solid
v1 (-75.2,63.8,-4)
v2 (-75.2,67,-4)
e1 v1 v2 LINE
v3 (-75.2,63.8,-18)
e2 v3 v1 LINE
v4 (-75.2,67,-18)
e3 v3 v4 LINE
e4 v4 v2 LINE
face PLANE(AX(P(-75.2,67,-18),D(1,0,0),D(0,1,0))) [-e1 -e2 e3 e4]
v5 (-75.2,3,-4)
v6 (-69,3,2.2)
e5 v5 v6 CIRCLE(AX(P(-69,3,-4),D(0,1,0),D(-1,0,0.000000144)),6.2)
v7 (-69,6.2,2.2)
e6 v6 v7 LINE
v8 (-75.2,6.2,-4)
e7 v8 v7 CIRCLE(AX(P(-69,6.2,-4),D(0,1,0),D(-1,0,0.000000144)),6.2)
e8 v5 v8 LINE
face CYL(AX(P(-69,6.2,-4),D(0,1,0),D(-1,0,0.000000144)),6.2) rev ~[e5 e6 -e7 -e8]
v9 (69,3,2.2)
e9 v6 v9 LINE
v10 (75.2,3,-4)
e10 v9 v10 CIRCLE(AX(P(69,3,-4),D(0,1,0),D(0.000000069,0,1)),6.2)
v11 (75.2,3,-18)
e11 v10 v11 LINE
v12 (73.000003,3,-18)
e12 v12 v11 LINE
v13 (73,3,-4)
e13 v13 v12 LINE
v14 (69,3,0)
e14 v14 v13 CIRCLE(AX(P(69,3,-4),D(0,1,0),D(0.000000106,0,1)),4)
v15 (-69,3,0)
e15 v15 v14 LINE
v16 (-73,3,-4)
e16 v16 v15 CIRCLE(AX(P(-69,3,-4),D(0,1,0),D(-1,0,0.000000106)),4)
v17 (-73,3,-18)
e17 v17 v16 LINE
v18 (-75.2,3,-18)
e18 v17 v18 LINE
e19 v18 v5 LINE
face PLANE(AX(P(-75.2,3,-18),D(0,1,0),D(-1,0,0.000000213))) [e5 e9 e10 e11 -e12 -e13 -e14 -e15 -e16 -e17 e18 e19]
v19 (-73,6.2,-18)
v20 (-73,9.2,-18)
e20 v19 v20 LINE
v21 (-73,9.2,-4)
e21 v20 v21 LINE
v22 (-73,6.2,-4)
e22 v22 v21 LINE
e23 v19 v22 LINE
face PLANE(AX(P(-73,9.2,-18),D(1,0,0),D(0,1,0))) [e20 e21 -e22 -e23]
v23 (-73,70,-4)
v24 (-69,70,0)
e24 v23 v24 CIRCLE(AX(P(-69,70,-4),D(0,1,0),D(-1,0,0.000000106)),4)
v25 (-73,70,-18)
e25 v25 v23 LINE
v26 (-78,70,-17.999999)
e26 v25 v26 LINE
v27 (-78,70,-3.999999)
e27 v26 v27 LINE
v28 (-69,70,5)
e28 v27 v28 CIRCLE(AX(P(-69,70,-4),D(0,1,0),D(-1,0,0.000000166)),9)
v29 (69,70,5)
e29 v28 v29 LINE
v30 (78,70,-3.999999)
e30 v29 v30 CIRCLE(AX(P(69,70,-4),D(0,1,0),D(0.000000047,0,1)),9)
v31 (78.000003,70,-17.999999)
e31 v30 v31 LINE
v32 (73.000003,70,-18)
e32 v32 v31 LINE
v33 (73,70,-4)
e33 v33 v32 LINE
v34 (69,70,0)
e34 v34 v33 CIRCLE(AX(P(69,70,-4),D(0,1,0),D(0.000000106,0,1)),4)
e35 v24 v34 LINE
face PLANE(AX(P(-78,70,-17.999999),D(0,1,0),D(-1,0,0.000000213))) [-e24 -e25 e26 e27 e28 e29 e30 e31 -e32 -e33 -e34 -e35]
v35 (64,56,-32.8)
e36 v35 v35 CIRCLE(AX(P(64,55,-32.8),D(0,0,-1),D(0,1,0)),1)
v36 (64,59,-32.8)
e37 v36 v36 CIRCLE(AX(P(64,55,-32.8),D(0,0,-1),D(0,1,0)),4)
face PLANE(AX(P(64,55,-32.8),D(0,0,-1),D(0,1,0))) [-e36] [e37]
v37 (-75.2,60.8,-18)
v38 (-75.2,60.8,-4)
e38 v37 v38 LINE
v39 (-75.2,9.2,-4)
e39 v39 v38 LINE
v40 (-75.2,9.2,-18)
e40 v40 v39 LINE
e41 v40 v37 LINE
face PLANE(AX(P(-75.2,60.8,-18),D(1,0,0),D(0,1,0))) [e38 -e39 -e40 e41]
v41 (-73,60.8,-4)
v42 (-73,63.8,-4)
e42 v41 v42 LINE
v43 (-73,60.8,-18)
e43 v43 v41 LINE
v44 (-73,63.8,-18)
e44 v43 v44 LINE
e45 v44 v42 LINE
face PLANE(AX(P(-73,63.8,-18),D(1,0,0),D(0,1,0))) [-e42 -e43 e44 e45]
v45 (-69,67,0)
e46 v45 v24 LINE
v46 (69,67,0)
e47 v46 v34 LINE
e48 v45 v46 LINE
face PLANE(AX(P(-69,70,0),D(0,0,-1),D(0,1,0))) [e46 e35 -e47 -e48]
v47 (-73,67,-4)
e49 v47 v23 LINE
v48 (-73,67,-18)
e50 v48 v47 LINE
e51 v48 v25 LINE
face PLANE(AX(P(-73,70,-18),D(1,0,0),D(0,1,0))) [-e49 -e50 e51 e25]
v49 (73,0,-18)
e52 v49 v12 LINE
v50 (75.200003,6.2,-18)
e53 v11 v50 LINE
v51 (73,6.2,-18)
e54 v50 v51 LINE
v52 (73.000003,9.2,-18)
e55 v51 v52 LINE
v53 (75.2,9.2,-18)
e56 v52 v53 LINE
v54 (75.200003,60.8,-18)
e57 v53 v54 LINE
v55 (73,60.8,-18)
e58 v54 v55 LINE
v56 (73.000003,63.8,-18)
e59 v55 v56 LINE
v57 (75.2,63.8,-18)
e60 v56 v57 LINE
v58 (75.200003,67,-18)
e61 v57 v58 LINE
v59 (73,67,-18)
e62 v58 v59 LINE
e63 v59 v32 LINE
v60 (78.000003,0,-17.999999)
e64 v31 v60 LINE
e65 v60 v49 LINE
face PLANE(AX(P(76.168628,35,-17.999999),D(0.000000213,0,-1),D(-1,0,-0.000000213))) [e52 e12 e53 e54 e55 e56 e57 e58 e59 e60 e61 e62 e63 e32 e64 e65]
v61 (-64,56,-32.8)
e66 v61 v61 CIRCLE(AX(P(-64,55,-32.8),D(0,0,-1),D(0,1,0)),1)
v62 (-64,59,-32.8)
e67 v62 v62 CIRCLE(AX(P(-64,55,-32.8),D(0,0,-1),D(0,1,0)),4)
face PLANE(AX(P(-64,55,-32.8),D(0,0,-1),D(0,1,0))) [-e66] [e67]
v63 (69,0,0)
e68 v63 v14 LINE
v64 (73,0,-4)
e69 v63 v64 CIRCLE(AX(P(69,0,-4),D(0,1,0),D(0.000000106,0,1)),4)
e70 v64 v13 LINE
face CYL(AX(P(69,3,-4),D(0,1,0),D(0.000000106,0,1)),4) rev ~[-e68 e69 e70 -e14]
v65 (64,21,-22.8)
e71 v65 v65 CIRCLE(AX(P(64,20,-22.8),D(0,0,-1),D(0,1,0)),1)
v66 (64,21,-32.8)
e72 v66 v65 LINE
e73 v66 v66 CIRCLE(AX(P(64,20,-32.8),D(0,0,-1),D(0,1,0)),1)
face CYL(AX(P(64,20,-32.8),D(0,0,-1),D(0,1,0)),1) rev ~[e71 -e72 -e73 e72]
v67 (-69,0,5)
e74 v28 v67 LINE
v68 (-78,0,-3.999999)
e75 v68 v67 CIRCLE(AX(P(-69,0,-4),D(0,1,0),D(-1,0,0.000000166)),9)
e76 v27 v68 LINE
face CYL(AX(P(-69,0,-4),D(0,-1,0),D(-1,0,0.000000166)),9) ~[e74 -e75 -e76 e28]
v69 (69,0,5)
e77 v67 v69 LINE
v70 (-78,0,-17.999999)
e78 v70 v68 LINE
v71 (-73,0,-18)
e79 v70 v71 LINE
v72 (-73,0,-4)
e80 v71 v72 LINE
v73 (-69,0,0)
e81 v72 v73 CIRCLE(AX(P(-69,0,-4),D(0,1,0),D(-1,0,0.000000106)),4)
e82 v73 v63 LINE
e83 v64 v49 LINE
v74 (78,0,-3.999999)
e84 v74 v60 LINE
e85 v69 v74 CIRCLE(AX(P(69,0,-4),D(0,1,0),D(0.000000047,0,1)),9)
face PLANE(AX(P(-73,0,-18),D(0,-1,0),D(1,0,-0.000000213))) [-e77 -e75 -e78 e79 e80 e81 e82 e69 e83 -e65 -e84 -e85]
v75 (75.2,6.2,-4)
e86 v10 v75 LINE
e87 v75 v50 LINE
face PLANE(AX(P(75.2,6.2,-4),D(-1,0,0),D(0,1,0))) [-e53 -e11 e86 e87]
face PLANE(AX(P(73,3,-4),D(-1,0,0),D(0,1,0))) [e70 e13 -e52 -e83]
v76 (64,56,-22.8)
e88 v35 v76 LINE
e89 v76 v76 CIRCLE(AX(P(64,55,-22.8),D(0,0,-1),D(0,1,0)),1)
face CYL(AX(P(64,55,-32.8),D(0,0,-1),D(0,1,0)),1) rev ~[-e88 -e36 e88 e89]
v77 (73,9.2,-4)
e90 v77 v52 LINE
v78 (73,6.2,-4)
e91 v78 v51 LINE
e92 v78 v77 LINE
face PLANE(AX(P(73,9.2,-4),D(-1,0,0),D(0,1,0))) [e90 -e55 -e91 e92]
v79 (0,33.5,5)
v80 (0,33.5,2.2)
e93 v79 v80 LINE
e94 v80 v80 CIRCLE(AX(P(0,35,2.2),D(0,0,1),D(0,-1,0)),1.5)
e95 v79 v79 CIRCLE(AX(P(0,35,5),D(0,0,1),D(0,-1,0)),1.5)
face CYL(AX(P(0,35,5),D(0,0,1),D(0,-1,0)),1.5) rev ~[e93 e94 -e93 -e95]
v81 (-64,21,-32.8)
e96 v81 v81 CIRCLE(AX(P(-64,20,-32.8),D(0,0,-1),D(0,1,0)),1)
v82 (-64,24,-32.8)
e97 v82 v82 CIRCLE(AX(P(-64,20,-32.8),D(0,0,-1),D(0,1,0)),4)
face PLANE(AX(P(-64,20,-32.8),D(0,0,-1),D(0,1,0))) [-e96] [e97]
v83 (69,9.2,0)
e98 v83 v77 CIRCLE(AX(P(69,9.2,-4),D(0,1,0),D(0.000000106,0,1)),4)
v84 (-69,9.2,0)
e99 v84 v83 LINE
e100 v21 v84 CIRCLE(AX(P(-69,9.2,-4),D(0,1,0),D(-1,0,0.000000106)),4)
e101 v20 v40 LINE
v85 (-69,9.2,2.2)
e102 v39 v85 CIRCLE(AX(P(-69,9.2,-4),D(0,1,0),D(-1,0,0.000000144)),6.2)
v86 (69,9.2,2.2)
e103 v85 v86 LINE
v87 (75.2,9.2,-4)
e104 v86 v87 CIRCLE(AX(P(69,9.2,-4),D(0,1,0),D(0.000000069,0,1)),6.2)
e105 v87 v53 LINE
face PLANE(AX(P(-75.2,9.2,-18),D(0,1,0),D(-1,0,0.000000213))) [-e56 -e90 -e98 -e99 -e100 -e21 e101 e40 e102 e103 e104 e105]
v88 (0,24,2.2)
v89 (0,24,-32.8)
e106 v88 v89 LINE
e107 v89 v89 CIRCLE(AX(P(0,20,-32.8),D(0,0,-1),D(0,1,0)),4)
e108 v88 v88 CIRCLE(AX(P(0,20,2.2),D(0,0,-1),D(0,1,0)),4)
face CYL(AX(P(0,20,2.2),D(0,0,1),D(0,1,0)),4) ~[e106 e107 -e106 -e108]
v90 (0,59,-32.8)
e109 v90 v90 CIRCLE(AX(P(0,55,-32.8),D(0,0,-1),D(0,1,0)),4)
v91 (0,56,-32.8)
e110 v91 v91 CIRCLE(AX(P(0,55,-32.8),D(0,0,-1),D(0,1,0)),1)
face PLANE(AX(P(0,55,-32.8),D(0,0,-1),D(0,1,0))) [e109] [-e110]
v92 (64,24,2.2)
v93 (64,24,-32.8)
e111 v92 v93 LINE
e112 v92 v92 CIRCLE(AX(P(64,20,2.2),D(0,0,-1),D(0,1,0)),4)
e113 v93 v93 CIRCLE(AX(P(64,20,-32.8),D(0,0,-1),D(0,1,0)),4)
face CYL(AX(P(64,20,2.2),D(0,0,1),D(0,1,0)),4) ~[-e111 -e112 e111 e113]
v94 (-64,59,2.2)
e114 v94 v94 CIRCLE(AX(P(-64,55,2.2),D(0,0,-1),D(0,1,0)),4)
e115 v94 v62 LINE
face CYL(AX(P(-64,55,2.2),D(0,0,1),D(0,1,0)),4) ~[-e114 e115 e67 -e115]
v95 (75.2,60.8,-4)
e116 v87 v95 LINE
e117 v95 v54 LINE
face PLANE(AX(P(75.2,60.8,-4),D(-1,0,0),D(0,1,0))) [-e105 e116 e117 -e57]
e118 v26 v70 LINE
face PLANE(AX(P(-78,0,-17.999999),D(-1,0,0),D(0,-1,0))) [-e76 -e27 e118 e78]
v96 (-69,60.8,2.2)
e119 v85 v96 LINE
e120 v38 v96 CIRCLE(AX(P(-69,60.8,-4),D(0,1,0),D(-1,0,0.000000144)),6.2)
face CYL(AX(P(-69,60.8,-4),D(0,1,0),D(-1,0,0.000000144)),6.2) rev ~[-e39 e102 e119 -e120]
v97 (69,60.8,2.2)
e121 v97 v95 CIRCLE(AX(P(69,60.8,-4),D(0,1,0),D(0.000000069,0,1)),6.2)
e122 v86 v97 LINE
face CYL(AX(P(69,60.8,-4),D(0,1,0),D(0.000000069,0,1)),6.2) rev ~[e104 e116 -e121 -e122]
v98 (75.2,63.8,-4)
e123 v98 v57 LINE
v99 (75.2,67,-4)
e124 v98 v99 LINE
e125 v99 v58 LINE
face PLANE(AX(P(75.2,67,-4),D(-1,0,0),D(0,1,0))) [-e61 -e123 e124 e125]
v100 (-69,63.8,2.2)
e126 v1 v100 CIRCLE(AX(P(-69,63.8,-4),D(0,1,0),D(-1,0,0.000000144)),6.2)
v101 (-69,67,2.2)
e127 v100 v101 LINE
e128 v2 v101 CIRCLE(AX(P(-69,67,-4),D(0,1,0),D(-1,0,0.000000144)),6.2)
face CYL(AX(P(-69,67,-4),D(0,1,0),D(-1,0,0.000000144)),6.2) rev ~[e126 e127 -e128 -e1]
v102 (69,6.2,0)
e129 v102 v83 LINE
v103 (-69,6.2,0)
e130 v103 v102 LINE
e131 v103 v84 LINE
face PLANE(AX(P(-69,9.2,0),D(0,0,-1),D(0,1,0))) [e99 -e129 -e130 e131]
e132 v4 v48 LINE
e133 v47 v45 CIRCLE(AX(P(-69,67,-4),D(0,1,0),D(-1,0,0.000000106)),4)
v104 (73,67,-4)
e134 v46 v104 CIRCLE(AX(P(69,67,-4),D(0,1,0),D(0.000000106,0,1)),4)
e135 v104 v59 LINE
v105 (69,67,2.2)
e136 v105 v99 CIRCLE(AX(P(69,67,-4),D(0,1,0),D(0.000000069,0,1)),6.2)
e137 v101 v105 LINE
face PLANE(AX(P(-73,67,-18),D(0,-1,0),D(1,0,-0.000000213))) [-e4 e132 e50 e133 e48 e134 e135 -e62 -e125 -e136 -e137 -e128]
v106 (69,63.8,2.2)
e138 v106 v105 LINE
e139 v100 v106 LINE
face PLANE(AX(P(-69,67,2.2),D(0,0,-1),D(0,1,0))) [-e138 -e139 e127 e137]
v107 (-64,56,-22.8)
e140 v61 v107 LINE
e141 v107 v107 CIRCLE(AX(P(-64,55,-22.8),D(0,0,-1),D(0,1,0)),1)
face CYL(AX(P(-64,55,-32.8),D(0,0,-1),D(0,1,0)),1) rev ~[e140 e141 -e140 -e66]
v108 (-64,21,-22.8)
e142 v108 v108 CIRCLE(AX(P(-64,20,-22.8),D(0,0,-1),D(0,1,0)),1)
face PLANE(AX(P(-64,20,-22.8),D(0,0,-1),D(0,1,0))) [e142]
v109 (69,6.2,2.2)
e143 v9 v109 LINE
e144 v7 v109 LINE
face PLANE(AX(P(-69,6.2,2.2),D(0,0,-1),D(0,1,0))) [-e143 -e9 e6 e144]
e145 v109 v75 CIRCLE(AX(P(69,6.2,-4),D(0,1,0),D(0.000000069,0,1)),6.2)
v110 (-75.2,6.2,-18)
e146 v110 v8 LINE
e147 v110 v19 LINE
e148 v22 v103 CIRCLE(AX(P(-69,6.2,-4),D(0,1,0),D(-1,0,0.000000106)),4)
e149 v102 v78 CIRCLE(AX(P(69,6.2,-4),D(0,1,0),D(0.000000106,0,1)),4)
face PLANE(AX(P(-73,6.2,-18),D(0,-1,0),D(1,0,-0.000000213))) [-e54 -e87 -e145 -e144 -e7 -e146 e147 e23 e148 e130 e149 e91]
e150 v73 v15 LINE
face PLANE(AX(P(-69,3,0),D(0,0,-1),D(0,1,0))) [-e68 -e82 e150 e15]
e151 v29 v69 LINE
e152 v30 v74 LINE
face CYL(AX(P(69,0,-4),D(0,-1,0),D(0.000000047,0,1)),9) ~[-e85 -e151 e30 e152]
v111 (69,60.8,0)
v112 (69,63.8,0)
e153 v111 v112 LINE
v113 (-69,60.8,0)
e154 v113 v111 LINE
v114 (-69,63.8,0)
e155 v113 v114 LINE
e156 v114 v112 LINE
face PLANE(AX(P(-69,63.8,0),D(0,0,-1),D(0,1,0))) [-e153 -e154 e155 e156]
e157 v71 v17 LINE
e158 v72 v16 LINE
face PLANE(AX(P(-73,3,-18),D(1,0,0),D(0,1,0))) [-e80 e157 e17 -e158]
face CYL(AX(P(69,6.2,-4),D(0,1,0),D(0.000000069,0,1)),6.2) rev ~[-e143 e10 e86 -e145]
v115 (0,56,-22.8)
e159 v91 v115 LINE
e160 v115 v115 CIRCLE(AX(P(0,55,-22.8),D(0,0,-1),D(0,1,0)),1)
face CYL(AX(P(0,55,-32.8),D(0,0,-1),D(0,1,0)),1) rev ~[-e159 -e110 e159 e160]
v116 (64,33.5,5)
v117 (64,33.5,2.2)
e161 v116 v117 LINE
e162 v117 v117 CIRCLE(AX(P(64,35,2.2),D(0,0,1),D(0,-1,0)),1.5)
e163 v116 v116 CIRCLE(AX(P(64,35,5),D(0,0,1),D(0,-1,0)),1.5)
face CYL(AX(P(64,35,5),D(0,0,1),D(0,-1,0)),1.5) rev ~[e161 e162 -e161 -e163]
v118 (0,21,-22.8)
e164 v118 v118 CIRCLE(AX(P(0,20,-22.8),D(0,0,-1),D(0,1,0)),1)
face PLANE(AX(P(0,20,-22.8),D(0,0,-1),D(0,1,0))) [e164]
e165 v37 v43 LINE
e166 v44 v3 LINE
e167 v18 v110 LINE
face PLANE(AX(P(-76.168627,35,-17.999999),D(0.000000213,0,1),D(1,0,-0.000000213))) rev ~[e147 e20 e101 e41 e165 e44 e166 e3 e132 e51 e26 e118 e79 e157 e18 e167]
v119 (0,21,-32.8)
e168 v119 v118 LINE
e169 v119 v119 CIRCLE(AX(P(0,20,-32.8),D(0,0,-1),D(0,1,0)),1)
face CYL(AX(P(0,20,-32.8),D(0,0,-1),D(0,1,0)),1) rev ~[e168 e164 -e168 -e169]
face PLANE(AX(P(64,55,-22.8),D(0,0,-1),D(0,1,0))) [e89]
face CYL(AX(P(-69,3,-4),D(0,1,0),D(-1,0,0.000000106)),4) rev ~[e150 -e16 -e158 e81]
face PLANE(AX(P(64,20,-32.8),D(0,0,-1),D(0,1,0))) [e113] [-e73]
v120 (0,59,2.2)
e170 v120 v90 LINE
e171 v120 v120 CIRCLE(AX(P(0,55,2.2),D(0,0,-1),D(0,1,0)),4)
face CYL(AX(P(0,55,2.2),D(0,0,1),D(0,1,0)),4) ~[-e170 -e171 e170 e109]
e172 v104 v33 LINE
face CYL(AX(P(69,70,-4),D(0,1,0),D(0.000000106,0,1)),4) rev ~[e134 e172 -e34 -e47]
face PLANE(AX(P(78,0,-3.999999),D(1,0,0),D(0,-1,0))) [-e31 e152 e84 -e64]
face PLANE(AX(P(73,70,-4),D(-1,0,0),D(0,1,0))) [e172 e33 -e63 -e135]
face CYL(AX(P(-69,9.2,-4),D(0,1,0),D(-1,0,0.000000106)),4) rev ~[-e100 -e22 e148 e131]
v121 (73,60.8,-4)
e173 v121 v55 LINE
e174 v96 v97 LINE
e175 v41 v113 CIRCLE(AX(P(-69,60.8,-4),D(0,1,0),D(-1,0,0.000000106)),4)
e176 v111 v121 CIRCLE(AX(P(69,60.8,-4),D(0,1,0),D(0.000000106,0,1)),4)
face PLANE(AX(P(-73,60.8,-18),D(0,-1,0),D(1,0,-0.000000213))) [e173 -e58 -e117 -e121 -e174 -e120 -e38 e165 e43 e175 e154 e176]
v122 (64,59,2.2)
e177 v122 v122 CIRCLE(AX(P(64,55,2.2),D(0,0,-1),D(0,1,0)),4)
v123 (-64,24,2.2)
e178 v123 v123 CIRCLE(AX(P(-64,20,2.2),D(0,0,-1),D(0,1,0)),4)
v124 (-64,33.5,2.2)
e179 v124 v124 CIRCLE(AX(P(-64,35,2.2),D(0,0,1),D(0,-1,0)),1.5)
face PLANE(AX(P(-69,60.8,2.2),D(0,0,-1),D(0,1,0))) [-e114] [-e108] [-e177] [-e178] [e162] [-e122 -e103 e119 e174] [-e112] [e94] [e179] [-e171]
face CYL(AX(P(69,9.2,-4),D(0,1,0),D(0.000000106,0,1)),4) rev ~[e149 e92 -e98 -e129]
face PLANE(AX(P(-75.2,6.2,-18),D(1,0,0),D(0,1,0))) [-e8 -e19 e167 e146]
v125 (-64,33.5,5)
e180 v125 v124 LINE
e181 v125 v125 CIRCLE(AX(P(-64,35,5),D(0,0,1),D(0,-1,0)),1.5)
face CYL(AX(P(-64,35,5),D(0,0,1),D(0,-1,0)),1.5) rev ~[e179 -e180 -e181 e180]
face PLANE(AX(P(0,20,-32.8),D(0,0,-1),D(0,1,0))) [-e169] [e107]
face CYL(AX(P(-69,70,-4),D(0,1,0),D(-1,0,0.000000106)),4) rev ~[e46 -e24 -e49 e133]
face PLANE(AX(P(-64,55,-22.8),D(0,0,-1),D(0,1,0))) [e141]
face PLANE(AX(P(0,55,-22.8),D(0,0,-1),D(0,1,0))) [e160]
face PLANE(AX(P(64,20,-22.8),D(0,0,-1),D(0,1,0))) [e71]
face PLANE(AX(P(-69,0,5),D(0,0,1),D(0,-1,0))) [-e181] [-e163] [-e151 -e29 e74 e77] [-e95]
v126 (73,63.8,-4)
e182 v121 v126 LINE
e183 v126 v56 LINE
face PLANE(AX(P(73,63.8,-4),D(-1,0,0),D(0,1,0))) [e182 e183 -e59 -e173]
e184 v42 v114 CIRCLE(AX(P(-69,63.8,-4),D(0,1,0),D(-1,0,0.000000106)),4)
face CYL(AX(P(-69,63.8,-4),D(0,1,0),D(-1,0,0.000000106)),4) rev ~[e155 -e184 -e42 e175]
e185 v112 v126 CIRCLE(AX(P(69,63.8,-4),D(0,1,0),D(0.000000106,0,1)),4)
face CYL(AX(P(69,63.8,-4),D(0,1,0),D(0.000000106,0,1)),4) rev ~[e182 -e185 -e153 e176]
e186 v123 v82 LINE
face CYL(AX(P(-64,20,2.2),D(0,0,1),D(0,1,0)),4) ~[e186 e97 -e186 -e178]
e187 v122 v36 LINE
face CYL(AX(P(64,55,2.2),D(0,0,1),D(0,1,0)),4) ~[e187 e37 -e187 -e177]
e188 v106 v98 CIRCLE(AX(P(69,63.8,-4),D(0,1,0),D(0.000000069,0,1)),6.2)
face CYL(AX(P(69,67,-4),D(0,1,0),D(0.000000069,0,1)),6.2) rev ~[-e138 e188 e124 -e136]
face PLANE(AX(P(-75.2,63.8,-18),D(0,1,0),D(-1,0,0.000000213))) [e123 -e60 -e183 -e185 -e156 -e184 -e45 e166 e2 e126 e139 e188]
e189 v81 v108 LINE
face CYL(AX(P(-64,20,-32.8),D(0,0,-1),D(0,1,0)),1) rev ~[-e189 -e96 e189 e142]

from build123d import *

# Parameters (mm, degrees)
SKETCH002_R     = 1.5
POCKET_DEPTH    = 23.001
SKETCH003_R     = 4
PAD_DEPTH       = 35
SKETCH004_R     = 1
POCKET001_DEPTH = 10


with BuildPart() as part:
    # AdditivePipe: sweep along a path in Sketch001
    with BuildLine(Plane.XZ) as additivepipe_path:
        Line((-73, -18), (-73, -4))
        ThreePointArc((-73, -4), (-71.828427, -1.171573), (-69, 0))
        Line((-69, 0), (0, 0))
        Line((0, 0), (69, 0))
        ThreePointArc((69, 0), (71.828427, -1.171573), (73, -4))
        Line((73, -4), (73, -18))
    # Sketch → AdditivePipe (sweep)
    with BuildSketch(Plane.YZ):
        Polygon((0, 5), (70, 5), (70, 0), (67, 0), (67, 2.2), (63.8, 2.2), (63.8, 0), (60.8, 0), (60.8, 2.2), (9.2, 2.2), (9.2, 0), (6.2, 0), (6.2, 2.2), (3, 2.2), (3, 0), (0, 0), align=None)
    sweep(path=additivepipe_path.line)

    # Sketch002 (on Face35 of AdditivePipe) → Pocket (cut, through all)
    with BuildSketch(Plane(origin=(0, 0, 5), x_dir=(0, -1, 0), z_dir=(0, 0, 1))):
        with Locations((-35, -64)):
            Circle(SKETCH002_R)
        with Locations((-35, 64)):
            Circle(SKETCH002_R)
        with Locations((-35, 0)):
            Circle(SKETCH002_R)
    extrude(amount=-POCKET_DEPTH, mode=Mode.SUBTRACT)

    # Sketch003 (on Face43 of Pocket) → Pad (join)
    with BuildSketch(Plane.YX.offset(-2.2)):
        with Locations((20, 64)):
            Circle(SKETCH003_R)
        with Locations((55, 64)):
            Circle(SKETCH003_R)
        with Locations((20, 0)):
            Circle(SKETCH003_R)
        with Locations((55, 0)):
            Circle(SKETCH003_R)
        with Locations((20, -64)):
            Circle(SKETCH003_R)
        with Locations((55, -64)):
            Circle(SKETCH003_R)
    extrude(amount=PAD_DEPTH)

    # Sketch004 (on Face88 of Pad) → Pocket001 (cut)
    with BuildSketch(Plane.YX.offset(32.8)):
        with Locations((20, 64)):
            Circle(SKETCH004_R)
        with Locations((55, 64)):
            Circle(SKETCH004_R)
        with Locations((20, 0)):
            Circle(SKETCH004_R)
        with Locations((55, 0)):
            Circle(SKETCH004_R)
        with Locations((20, -64)):
            Circle(SKETCH004_R)
        with Locations((55, -64)):
            Circle(SKETCH004_R)
    extrude(amount=-POCKET001_DEPTH, mode=Mode.SUBTRACT)


solid = part.part
